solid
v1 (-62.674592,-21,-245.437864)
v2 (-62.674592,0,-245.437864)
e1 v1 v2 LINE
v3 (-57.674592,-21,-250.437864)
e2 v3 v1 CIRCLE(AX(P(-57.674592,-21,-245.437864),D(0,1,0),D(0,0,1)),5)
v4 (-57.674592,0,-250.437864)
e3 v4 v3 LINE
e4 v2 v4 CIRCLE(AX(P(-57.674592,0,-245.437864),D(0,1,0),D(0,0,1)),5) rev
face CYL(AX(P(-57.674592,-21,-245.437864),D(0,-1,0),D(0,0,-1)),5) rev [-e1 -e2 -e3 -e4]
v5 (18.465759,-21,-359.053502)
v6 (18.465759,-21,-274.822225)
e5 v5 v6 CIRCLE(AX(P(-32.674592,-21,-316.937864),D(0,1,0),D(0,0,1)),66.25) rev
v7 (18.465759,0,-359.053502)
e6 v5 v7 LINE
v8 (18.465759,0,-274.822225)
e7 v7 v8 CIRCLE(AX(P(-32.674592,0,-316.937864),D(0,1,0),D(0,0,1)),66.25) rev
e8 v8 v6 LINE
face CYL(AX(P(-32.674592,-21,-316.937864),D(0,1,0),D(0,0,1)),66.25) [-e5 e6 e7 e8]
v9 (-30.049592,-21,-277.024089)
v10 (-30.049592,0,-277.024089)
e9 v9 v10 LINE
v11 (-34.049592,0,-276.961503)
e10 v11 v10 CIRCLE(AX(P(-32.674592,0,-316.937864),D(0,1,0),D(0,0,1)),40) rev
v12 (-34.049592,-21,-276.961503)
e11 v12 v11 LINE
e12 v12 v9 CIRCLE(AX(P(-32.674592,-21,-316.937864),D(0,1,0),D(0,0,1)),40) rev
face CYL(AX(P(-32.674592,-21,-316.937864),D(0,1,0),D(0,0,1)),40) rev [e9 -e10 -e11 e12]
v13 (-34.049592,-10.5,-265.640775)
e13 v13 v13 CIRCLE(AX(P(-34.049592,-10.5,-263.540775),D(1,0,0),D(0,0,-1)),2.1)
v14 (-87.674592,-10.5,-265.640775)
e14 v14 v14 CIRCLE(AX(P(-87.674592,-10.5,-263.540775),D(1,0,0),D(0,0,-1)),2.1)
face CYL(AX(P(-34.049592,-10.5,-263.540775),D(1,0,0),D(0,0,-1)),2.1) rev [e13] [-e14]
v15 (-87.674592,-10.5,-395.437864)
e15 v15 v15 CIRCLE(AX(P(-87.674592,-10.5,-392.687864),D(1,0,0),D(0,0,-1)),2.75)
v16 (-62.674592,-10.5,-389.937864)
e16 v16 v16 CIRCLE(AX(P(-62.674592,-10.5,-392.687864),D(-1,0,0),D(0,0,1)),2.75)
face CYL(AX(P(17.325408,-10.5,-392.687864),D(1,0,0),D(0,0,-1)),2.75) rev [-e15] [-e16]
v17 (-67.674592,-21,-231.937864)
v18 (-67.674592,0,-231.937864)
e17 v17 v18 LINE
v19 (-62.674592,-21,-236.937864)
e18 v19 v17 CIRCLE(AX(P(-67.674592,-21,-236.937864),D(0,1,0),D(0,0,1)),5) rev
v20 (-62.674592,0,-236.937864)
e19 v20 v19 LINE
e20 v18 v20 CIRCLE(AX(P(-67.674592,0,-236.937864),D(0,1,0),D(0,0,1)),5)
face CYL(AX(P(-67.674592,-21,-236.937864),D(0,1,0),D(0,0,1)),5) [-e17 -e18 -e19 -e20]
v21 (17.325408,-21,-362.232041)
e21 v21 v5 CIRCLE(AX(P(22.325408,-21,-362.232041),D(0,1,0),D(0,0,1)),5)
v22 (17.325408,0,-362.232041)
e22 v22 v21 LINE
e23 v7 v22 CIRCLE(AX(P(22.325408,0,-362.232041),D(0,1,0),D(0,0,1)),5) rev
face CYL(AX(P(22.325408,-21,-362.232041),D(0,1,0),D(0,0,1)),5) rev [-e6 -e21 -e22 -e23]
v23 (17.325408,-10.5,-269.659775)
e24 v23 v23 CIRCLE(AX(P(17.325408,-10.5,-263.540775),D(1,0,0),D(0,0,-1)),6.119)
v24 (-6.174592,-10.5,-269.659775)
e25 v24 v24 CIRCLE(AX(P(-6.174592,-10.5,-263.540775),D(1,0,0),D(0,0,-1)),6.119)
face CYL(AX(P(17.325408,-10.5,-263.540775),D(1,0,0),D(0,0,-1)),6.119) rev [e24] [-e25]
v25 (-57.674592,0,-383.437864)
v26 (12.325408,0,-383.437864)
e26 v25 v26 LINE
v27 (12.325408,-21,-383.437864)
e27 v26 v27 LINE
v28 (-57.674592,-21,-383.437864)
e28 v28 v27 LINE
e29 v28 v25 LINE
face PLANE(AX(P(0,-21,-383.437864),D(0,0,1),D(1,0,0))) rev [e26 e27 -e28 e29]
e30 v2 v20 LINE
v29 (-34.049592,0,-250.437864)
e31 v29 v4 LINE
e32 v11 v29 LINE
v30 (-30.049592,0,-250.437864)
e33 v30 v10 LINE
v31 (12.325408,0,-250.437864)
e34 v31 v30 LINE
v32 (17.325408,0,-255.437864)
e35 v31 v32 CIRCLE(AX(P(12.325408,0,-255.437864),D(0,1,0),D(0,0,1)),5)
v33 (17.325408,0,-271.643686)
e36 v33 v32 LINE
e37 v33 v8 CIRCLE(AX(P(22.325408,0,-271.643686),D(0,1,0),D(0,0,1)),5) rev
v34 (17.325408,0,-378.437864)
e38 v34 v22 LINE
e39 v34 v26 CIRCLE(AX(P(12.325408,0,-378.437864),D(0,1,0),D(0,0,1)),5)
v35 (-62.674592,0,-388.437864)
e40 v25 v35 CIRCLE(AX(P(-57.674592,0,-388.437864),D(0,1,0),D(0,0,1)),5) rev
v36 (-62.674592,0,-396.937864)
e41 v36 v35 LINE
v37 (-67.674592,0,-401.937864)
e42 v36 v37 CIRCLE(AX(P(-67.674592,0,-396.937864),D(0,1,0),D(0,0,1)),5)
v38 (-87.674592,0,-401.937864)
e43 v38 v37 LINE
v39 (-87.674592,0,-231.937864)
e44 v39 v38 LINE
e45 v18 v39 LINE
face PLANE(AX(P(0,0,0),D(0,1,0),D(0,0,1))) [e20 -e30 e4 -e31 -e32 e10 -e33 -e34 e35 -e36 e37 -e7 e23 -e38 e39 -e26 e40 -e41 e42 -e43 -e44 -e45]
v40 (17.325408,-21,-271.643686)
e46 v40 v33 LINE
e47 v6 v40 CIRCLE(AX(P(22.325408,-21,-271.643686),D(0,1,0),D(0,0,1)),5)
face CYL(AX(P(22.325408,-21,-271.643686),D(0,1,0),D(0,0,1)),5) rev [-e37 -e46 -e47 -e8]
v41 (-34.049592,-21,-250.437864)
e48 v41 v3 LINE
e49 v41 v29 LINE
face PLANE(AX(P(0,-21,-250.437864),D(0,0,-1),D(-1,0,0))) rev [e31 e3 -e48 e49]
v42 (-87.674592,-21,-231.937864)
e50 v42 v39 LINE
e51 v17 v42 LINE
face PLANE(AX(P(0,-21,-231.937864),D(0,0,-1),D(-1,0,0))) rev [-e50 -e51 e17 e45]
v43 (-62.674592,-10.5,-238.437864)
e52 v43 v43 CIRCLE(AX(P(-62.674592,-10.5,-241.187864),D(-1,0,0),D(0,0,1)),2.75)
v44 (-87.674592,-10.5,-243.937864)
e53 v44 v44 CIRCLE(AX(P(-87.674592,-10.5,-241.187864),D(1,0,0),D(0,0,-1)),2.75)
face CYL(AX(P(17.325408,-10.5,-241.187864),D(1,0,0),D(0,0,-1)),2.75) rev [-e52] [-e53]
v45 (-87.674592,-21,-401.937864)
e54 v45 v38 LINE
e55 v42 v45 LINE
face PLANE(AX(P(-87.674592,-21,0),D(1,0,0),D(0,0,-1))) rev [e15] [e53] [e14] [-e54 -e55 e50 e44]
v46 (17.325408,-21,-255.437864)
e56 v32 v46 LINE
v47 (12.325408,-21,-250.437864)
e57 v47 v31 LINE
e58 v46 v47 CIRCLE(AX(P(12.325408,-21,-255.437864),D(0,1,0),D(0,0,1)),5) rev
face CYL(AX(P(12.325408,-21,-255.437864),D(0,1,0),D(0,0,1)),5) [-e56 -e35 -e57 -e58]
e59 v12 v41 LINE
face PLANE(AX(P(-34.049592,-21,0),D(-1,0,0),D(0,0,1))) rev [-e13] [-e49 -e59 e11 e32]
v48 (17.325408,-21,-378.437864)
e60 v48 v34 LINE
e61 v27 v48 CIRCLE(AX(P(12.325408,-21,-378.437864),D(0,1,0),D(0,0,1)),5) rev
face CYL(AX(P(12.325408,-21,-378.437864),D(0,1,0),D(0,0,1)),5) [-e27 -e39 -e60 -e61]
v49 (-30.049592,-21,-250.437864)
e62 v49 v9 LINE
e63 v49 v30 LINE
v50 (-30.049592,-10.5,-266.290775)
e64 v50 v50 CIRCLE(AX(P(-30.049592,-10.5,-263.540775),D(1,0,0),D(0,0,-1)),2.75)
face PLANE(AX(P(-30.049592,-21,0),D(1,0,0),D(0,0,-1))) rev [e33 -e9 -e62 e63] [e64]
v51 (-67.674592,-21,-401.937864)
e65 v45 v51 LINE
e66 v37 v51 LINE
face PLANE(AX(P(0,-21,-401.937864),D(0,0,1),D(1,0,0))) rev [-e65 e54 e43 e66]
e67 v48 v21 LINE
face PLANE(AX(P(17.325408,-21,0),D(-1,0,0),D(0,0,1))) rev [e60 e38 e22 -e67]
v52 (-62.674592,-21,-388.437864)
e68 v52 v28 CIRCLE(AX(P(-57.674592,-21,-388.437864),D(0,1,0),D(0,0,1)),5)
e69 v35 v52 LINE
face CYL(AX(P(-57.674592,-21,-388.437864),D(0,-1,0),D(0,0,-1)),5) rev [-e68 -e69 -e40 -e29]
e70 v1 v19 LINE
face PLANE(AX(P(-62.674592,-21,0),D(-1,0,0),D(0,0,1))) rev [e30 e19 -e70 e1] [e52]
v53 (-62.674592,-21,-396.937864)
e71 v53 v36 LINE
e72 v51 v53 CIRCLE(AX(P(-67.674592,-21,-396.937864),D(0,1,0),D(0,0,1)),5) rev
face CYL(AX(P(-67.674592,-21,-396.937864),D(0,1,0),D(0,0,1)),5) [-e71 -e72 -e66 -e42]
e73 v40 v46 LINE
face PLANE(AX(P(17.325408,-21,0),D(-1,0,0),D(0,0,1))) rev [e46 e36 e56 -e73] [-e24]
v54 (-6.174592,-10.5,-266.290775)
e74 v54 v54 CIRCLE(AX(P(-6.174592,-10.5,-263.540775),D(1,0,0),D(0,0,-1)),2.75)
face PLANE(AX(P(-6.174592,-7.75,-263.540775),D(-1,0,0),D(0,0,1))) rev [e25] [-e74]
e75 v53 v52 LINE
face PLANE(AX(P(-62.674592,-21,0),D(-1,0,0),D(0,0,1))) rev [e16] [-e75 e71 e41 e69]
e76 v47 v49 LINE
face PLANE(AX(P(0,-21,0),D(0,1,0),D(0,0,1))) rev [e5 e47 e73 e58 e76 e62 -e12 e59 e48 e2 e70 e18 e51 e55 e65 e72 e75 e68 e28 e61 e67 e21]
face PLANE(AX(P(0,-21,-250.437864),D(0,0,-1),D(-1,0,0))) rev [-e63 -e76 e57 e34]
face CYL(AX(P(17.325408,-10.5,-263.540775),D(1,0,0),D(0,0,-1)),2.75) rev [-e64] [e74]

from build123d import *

# Parameters (mm, degrees)
BOSS_EXTRUDE2_DEPTH                     = 21
FILLET2_R                               = 5
M5_CLEARANCE_HOLE1_D                    = 5.5
CBORE_FOR_M5_HEX_HEAD_BOLT1_D           = 5.5
CBORE_FOR_M5_HEX_HEAD_BOLT1_DEPTH       = 47.375
CBORE_FOR_M5_HEX_HEAD_BOLT1_CBORE_D     = 12.238
CBORE_FOR_M5_HEX_HEAD_BOLT1_CBORE_DEPTH = 23.5
TAP_DRILL_FOR_M5_TAP1_D                 = 4.2
TAP_DRILL_FOR_M5_TAP1_DEPTH             = 53.625


with BuildPart() as part:
    # Sketch1 → Boss-Extrude2 (new body)
    with BuildSketch(Plane(origin=(0, 0, -219.72), x_dir=(1, 0, 0), z_dir=(0, -1, 0))):
        with BuildLine():
            Line((17.325408024, -30.717863594), (-30.049591976, -30.717863594))
            Line((-30.049591976, -30.717863594), (-30.049591976, -57.304089343))
            ThreePointArc((-30.049591976, -57.304089343), (-33.300374886, -137.212968242), (-34.049591976, -57.241503392))
            Line((-34.049591976, -57.241503392), (-34.049591976, -30.717863594))
            Line((-34.049591976, -30.717863594), (-62.674591976, -30.717863594))
            Line((-62.674591976, -30.717863594), (-62.674591976, -12.217863594))
            Line((-62.674591976, -12.217863594), (-87.674591976, -12.217863594))
            Line((-87.674591976, -12.217863594), (-87.674591976, -182.217863594))
            Line((-87.674591976, -182.217863594), (-62.674591976, -182.217863594))
            Line((-62.674591976, -182.217863594), (-62.674591976, -163.717863594))
            Line((-62.674591976, -163.717863594), (17.325408024, -163.717863594))
            Line((17.325408024, -163.717863594), (17.325408024, -140.681210221))
            ThreePointArc((17.325408024, -140.681210221), (33.575408024, -97.217863594), (17.325408024, -53.754516967))
            Line((17.325408024, -53.754516967), (17.325408024, -30.717863594))
        make_face()
    extrude(amount=BOSS_EXTRUDE2_DEPTH)

    # Fillet2
    fillet2_edges = [part.edges().sort_by_distance(p)[0] for p in [
        (-62.674591976, -10.5, -250.437863594),
        (-62.674591976, -10.5, -231.937863594),
        (-62.674591976, -10.5, -401.937863594),
        (-62.674591976, -10.5, -383.437863594),
        (17.325408024, -10.5, -383.437863594),
        (17.325408024, -10.5, -360.401210221),
        (17.325408024, -10.5, -273.474516967),
        (17.325408024, -10.5, -250.437863594),
    ]]
    fillet(fillet2_edges, radius=FILLET2_R)

    # M5 Clearance Hole1 (through all)
    with Locations(Plane(origin=(17.325408024, 0, 0), x_dir=(0, 0, -1), z_dir=(1, 0, 0))):
        with Locations((392.687863594, -10.5), (241.187863594, -10.5)):
            Hole(M5_CLEARANCE_HOLE1_D / 2)

    # CBORE for M5 Hex Head Bolt1
    with Locations(Plane(origin=(17.325408024, 0, 0), x_dir=(0, 0, -1), z_dir=(1, 0, 0))):
        with Locations((263.540774929, -10.5)):
            CounterBoreHole(CBORE_FOR_M5_HEX_HEAD_BOLT1_D / 2, CBORE_FOR_M5_HEX_HEAD_BOLT1_CBORE_D / 2, CBORE_FOR_M5_HEX_HEAD_BOLT1_CBORE_DEPTH, depth=CBORE_FOR_M5_HEX_HEAD_BOLT1_DEPTH)

    # Tap Drill for M5 Tap1
    with Locations(Plane(origin=(-34.049591976, 0, 0), x_dir=(0, 0, -1), z_dir=(1, 0, 0))):
        with Locations((263.540774929, -10.5)):
            Hole(TAP_DRILL_FOR_M5_TAP1_D / 2, depth=TAP_DRILL_FOR_M5_TAP1_DEPTH)


solid = part.part
